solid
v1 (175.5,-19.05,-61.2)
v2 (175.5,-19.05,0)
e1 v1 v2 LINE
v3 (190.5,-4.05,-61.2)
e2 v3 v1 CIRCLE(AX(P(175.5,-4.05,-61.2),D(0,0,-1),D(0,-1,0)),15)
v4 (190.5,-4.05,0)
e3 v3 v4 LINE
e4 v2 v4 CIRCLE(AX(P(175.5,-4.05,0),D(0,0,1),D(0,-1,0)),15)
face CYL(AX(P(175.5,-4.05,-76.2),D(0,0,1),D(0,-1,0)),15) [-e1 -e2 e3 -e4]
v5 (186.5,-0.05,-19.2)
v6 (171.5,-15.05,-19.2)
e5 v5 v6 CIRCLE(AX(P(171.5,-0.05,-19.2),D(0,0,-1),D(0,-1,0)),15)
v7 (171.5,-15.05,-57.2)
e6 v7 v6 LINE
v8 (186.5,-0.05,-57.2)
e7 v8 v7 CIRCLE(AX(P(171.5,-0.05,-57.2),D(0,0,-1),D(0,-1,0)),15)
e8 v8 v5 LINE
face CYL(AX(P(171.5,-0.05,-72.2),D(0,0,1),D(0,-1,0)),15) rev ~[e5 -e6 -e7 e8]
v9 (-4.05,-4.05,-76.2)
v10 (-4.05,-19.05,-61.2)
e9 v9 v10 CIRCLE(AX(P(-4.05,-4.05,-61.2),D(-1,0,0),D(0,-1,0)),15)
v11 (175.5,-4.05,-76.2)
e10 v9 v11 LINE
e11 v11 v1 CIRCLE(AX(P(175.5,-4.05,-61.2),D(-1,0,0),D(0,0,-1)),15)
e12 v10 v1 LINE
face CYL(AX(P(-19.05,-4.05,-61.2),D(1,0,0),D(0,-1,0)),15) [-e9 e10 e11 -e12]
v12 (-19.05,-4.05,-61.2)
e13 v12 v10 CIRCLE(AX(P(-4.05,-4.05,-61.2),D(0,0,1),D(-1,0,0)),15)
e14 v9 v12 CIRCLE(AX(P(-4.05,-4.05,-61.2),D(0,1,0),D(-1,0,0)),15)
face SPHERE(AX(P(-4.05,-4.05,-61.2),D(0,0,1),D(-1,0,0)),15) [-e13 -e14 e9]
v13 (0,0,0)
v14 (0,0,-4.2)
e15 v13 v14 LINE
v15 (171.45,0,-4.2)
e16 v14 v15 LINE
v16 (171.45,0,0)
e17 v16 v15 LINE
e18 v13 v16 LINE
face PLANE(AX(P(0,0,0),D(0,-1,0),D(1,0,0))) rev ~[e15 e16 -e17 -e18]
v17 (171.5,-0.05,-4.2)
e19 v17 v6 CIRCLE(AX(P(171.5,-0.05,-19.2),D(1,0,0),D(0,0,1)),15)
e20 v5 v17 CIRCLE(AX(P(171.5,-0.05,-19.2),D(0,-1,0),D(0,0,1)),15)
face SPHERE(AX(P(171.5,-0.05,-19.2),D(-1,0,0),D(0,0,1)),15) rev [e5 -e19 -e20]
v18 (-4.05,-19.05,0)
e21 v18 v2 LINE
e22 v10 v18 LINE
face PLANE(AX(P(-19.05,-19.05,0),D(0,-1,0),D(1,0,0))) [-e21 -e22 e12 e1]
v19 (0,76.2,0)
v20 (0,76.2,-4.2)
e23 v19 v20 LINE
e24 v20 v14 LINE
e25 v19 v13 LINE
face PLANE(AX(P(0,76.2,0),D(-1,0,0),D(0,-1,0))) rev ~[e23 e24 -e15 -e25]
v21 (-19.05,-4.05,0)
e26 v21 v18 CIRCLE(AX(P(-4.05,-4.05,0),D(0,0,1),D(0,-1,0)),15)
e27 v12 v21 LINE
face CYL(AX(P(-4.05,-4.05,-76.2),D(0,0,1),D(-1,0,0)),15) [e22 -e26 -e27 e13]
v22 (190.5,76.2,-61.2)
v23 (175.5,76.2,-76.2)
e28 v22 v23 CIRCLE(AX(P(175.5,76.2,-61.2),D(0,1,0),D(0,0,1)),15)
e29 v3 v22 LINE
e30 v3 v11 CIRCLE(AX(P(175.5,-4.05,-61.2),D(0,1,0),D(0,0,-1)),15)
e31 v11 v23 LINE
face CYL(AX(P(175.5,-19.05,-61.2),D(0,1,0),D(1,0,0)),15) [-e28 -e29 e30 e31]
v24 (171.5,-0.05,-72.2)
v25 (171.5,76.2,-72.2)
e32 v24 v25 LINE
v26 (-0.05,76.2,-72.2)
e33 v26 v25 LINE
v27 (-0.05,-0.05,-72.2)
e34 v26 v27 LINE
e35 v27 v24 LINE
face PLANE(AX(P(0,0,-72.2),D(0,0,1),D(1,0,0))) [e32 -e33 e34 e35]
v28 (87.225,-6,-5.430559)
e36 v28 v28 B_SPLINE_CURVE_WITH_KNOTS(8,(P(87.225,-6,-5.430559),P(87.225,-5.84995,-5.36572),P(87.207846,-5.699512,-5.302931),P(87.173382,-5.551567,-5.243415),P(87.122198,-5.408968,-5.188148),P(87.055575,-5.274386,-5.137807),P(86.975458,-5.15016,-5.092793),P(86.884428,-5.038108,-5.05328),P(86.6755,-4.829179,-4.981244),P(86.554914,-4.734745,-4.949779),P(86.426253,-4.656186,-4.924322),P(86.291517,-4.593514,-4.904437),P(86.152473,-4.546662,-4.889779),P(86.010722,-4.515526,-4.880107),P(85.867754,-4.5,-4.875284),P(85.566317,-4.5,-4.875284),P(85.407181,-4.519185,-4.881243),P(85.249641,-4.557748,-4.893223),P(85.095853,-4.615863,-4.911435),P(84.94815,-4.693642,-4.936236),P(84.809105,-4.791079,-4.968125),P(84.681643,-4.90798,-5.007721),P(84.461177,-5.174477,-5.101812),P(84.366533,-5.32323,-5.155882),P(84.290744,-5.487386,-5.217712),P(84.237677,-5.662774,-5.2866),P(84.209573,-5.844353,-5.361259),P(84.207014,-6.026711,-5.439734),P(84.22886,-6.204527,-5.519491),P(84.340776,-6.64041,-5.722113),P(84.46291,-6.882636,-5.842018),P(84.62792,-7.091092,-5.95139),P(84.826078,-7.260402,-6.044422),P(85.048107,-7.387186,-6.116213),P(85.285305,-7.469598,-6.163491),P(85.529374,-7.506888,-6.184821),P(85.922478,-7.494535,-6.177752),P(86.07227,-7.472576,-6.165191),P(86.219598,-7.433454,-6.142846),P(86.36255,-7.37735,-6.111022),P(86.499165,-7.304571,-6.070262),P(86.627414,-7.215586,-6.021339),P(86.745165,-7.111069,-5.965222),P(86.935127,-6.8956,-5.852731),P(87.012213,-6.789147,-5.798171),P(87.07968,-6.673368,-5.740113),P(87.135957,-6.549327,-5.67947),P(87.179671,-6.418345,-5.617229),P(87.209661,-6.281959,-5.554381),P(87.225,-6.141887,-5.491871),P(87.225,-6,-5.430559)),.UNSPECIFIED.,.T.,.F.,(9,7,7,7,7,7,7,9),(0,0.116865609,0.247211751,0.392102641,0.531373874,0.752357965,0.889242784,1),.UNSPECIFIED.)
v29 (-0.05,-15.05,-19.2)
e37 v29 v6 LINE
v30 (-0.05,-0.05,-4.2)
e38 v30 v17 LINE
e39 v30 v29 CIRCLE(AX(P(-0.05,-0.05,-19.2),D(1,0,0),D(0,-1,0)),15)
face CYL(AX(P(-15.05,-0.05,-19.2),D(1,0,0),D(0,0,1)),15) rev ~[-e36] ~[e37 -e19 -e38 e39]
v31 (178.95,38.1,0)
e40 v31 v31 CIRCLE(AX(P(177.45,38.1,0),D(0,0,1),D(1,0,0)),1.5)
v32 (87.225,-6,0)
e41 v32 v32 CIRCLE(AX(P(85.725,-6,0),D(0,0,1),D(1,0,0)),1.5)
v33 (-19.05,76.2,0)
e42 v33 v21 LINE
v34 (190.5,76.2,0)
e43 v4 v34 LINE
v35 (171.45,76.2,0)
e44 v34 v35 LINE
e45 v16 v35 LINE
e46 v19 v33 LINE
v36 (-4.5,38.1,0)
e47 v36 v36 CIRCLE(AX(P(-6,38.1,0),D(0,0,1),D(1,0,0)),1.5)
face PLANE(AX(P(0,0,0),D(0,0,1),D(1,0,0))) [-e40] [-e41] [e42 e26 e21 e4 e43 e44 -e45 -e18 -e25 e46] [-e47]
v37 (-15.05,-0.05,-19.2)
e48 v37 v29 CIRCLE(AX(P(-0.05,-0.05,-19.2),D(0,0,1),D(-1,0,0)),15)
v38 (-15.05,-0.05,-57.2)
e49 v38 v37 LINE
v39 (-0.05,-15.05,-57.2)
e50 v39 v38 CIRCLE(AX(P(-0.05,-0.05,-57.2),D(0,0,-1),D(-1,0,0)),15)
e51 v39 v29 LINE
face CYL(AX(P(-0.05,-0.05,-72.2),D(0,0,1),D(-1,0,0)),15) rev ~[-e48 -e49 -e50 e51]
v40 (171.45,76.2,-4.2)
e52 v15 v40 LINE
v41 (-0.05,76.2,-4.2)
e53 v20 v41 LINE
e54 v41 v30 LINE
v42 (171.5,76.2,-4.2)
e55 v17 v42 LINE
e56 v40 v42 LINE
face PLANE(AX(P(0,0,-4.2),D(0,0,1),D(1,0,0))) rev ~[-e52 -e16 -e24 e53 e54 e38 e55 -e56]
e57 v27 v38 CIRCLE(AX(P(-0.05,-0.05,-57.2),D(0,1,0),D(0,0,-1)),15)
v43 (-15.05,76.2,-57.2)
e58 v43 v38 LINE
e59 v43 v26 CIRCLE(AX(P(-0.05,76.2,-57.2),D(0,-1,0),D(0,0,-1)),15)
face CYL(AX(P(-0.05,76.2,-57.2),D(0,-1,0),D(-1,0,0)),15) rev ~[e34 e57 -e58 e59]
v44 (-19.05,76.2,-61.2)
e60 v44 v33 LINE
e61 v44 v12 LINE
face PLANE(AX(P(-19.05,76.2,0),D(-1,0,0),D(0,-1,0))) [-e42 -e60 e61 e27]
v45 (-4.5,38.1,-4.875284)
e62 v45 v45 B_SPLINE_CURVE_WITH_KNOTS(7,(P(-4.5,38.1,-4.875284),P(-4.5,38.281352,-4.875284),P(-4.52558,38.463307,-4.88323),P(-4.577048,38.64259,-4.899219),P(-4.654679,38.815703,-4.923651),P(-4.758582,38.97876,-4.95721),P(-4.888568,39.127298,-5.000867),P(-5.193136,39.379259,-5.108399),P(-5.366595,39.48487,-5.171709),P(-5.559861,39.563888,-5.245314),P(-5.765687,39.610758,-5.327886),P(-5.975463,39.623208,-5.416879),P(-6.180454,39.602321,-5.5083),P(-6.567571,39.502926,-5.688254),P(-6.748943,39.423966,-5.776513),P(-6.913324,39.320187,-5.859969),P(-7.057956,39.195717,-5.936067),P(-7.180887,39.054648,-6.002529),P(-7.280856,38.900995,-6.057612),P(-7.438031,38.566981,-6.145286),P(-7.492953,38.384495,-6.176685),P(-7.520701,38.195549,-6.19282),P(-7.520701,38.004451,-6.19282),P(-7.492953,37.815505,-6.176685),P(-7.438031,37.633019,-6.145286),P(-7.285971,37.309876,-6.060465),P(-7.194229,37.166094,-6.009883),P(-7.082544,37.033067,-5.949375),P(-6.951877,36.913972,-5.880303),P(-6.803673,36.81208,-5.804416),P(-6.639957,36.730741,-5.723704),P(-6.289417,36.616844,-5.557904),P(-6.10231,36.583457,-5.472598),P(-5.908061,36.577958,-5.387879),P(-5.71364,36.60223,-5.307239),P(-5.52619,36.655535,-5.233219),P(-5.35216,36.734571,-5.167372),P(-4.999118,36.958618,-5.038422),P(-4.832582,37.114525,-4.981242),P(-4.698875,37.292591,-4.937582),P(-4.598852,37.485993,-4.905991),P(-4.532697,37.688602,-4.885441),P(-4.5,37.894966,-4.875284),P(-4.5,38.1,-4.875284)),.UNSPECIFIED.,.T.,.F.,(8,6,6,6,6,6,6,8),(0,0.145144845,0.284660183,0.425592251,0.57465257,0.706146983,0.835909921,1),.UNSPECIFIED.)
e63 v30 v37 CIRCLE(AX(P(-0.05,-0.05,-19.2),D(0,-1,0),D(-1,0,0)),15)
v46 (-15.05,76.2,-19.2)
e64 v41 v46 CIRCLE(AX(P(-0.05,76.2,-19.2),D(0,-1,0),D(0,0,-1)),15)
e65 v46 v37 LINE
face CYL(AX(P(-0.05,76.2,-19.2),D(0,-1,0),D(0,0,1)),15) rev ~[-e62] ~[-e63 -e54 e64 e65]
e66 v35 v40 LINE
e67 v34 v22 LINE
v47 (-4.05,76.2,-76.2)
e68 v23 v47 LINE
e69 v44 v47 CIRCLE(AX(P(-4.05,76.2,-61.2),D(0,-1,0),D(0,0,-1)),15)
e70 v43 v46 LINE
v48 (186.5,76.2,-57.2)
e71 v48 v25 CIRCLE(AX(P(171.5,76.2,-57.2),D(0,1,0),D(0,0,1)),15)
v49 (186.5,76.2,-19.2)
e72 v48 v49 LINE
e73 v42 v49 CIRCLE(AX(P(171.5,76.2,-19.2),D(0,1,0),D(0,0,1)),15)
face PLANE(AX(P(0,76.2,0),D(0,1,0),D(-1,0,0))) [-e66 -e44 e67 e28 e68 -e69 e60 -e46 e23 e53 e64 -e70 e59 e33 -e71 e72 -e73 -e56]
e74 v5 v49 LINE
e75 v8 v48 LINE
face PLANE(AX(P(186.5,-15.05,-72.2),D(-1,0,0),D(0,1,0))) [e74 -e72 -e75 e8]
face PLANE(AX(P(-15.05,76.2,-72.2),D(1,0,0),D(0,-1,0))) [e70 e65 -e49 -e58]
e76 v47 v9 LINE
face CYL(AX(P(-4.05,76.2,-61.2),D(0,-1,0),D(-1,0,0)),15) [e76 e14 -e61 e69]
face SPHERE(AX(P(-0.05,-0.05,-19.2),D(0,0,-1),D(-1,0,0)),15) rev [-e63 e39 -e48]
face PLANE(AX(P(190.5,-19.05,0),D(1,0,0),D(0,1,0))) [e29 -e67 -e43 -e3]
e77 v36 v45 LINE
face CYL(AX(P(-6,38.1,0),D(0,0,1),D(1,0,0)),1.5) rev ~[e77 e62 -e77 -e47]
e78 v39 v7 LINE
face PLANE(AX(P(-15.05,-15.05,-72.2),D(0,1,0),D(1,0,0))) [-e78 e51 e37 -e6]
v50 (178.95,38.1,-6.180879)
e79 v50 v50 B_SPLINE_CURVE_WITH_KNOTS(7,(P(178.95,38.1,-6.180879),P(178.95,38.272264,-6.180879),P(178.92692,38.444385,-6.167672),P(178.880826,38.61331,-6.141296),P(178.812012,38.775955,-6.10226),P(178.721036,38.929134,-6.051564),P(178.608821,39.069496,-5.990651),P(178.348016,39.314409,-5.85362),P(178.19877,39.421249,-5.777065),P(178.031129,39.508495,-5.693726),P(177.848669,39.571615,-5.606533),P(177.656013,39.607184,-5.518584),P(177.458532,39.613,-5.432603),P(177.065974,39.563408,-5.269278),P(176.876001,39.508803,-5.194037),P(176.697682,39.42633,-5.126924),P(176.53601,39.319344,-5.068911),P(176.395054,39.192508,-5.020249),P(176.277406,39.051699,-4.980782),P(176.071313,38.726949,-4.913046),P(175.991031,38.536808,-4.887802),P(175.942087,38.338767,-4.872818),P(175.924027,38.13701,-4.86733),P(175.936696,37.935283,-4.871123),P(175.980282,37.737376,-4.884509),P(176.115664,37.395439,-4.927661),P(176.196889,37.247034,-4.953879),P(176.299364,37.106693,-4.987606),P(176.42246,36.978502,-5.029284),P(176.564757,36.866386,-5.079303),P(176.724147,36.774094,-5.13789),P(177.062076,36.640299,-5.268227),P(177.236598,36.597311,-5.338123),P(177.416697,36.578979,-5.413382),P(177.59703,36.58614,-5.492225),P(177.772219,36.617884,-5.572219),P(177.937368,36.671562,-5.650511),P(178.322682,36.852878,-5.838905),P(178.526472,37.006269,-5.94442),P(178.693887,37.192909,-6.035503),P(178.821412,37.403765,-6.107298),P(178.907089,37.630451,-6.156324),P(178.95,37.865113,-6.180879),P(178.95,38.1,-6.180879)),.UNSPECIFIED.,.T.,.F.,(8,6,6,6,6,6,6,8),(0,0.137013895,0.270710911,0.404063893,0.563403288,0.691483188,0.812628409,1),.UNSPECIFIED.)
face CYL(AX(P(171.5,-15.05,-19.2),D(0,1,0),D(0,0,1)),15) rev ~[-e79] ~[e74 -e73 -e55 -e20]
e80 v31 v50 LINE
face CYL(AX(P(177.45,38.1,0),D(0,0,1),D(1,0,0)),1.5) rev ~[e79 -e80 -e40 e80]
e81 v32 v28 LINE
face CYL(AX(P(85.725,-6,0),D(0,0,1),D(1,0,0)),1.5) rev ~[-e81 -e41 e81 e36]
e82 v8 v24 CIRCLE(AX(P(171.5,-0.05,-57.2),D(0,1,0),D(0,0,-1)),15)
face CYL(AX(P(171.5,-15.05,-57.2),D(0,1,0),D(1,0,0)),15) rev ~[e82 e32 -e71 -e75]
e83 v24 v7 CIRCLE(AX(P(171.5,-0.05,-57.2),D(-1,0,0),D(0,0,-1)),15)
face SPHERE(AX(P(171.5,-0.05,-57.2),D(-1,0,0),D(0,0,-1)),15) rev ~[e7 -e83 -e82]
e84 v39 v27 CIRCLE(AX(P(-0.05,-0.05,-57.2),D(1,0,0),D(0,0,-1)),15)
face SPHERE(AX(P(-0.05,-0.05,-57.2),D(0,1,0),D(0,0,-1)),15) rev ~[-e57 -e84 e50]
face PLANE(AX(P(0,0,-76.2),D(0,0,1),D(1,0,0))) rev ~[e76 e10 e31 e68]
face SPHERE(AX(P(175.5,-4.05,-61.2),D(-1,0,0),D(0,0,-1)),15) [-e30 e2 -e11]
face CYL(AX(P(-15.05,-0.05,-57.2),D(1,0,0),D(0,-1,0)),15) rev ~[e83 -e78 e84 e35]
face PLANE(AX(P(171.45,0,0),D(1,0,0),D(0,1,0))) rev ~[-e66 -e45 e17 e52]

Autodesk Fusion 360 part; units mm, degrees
sketch "Sketch1" plane through (0, 0, 0) normal (0, 0, 1) x (1, 0, 0)
  line L0 (0, 0) -> (171.45, 0)
  line L1 (171.45, 0) -> (171.45, 76.2)
  line L2 (171.45, 76.2) -> (0, 76.2)
  line L3 (0, 76.2) -> (0, 0)
  line L4 (-19.05, -19.05) -> (190.5, -19.05)
  line L5 (190.5, -19.05) -> (190.5, 95.25)
  line L6 (190.5, 95.25) -> (-19.05, 95.25)
  line L7 (-19.05, 95.25) -> (-19.05, -19.05)
  line L8 (0, 76.2) -> (-19.05, 76.2)
  line L9 (-19.05, 76.2) -> (171.45, 76.2)
  line L10 (171.45, 76.2) -> (190.5, 76.2)
  line L11 (186.5, 91.25) -> (-15.05, 91.25)
  line L12 (-15.05, 91.25) -> (-15.05, -15.05)
  line L13 (-15.05, -15.05) -> (186.5, -15.05)
  line L14 (186.5, -15.05) -> (186.5, 91.25)
  line L15 (0, 38.1) -> (-6, 38.1) construction
  line L16 (171.45, 38.1) -> (177.45, 38.1) construction
  circle A0 centre (-6, 38.1) radius 1.5
  circle A1 centre (177.45, 38.1) radius 1.5
  line L17 (85.725, 0) -> (85.725, -6) construction
  circle A2 centre (85.725, -6) radius 1.5
  dimension "d1" = 171.45
  dimension "d2" = 76.2
  dimension "d3" = 19.05
  dimension "d4" = -4
  dimension "d15" = 6
  dimension "d16" = 6
  dimension "d17" = 3
  dimension "d18" = 3
  dimension "d19" = 6
  dimension "d20" = 3
extrude "Extrude1" add sketch "Sketch1" against normal blind 76.2 contours L0 L1 L3 L8 L9 L10 L12 L13 L14 | L4 L5 L7 L8 L9 L10 L12 L13 L14 | A0 | A1 | A2
extrude "Extrude2" add sketch "Sketch1" along normal blind 4 from surface at -76.2 contours L0 L1 L2 L3 L9 | L0 L1 L3 L8 L9 L10 L12 L13 L14 | L4 L5 L7 L8 L9 L10 L12 L13 L14 | A0 | A1 | A2
extrude "Extrude3" cut sketch "Sketch1" along normal blind 68 from surface at -72.2 contours L0 L1 L3 L8 L9 L10 L12 L13 L14 | A0 | A1 | A2
fillet "Fillet1" radius 15 13 edges at (-15.05, 30.575, -72.2) (85.725, -15.05, -72.2) (-15.05, -15.05, -38.2) (-15.05, 30.575, -4.2) (85.725, -15.05, -4.2) (186.5, 30.575, -4.2) (186.5, 30.575, -72.2) (186.5, -15.05, -38.2) (-19.05, -19.05, -38.1) (-19.05, 28.575, -76.2) (85.725, -19.05, -76.2) (190.5, 28.575, -76.2) (190.5, -19.05, -38.1)
extrude "Extrude4" cut sketch "Sketch1" against normal blind 20 contours A0 | A1 | A2
